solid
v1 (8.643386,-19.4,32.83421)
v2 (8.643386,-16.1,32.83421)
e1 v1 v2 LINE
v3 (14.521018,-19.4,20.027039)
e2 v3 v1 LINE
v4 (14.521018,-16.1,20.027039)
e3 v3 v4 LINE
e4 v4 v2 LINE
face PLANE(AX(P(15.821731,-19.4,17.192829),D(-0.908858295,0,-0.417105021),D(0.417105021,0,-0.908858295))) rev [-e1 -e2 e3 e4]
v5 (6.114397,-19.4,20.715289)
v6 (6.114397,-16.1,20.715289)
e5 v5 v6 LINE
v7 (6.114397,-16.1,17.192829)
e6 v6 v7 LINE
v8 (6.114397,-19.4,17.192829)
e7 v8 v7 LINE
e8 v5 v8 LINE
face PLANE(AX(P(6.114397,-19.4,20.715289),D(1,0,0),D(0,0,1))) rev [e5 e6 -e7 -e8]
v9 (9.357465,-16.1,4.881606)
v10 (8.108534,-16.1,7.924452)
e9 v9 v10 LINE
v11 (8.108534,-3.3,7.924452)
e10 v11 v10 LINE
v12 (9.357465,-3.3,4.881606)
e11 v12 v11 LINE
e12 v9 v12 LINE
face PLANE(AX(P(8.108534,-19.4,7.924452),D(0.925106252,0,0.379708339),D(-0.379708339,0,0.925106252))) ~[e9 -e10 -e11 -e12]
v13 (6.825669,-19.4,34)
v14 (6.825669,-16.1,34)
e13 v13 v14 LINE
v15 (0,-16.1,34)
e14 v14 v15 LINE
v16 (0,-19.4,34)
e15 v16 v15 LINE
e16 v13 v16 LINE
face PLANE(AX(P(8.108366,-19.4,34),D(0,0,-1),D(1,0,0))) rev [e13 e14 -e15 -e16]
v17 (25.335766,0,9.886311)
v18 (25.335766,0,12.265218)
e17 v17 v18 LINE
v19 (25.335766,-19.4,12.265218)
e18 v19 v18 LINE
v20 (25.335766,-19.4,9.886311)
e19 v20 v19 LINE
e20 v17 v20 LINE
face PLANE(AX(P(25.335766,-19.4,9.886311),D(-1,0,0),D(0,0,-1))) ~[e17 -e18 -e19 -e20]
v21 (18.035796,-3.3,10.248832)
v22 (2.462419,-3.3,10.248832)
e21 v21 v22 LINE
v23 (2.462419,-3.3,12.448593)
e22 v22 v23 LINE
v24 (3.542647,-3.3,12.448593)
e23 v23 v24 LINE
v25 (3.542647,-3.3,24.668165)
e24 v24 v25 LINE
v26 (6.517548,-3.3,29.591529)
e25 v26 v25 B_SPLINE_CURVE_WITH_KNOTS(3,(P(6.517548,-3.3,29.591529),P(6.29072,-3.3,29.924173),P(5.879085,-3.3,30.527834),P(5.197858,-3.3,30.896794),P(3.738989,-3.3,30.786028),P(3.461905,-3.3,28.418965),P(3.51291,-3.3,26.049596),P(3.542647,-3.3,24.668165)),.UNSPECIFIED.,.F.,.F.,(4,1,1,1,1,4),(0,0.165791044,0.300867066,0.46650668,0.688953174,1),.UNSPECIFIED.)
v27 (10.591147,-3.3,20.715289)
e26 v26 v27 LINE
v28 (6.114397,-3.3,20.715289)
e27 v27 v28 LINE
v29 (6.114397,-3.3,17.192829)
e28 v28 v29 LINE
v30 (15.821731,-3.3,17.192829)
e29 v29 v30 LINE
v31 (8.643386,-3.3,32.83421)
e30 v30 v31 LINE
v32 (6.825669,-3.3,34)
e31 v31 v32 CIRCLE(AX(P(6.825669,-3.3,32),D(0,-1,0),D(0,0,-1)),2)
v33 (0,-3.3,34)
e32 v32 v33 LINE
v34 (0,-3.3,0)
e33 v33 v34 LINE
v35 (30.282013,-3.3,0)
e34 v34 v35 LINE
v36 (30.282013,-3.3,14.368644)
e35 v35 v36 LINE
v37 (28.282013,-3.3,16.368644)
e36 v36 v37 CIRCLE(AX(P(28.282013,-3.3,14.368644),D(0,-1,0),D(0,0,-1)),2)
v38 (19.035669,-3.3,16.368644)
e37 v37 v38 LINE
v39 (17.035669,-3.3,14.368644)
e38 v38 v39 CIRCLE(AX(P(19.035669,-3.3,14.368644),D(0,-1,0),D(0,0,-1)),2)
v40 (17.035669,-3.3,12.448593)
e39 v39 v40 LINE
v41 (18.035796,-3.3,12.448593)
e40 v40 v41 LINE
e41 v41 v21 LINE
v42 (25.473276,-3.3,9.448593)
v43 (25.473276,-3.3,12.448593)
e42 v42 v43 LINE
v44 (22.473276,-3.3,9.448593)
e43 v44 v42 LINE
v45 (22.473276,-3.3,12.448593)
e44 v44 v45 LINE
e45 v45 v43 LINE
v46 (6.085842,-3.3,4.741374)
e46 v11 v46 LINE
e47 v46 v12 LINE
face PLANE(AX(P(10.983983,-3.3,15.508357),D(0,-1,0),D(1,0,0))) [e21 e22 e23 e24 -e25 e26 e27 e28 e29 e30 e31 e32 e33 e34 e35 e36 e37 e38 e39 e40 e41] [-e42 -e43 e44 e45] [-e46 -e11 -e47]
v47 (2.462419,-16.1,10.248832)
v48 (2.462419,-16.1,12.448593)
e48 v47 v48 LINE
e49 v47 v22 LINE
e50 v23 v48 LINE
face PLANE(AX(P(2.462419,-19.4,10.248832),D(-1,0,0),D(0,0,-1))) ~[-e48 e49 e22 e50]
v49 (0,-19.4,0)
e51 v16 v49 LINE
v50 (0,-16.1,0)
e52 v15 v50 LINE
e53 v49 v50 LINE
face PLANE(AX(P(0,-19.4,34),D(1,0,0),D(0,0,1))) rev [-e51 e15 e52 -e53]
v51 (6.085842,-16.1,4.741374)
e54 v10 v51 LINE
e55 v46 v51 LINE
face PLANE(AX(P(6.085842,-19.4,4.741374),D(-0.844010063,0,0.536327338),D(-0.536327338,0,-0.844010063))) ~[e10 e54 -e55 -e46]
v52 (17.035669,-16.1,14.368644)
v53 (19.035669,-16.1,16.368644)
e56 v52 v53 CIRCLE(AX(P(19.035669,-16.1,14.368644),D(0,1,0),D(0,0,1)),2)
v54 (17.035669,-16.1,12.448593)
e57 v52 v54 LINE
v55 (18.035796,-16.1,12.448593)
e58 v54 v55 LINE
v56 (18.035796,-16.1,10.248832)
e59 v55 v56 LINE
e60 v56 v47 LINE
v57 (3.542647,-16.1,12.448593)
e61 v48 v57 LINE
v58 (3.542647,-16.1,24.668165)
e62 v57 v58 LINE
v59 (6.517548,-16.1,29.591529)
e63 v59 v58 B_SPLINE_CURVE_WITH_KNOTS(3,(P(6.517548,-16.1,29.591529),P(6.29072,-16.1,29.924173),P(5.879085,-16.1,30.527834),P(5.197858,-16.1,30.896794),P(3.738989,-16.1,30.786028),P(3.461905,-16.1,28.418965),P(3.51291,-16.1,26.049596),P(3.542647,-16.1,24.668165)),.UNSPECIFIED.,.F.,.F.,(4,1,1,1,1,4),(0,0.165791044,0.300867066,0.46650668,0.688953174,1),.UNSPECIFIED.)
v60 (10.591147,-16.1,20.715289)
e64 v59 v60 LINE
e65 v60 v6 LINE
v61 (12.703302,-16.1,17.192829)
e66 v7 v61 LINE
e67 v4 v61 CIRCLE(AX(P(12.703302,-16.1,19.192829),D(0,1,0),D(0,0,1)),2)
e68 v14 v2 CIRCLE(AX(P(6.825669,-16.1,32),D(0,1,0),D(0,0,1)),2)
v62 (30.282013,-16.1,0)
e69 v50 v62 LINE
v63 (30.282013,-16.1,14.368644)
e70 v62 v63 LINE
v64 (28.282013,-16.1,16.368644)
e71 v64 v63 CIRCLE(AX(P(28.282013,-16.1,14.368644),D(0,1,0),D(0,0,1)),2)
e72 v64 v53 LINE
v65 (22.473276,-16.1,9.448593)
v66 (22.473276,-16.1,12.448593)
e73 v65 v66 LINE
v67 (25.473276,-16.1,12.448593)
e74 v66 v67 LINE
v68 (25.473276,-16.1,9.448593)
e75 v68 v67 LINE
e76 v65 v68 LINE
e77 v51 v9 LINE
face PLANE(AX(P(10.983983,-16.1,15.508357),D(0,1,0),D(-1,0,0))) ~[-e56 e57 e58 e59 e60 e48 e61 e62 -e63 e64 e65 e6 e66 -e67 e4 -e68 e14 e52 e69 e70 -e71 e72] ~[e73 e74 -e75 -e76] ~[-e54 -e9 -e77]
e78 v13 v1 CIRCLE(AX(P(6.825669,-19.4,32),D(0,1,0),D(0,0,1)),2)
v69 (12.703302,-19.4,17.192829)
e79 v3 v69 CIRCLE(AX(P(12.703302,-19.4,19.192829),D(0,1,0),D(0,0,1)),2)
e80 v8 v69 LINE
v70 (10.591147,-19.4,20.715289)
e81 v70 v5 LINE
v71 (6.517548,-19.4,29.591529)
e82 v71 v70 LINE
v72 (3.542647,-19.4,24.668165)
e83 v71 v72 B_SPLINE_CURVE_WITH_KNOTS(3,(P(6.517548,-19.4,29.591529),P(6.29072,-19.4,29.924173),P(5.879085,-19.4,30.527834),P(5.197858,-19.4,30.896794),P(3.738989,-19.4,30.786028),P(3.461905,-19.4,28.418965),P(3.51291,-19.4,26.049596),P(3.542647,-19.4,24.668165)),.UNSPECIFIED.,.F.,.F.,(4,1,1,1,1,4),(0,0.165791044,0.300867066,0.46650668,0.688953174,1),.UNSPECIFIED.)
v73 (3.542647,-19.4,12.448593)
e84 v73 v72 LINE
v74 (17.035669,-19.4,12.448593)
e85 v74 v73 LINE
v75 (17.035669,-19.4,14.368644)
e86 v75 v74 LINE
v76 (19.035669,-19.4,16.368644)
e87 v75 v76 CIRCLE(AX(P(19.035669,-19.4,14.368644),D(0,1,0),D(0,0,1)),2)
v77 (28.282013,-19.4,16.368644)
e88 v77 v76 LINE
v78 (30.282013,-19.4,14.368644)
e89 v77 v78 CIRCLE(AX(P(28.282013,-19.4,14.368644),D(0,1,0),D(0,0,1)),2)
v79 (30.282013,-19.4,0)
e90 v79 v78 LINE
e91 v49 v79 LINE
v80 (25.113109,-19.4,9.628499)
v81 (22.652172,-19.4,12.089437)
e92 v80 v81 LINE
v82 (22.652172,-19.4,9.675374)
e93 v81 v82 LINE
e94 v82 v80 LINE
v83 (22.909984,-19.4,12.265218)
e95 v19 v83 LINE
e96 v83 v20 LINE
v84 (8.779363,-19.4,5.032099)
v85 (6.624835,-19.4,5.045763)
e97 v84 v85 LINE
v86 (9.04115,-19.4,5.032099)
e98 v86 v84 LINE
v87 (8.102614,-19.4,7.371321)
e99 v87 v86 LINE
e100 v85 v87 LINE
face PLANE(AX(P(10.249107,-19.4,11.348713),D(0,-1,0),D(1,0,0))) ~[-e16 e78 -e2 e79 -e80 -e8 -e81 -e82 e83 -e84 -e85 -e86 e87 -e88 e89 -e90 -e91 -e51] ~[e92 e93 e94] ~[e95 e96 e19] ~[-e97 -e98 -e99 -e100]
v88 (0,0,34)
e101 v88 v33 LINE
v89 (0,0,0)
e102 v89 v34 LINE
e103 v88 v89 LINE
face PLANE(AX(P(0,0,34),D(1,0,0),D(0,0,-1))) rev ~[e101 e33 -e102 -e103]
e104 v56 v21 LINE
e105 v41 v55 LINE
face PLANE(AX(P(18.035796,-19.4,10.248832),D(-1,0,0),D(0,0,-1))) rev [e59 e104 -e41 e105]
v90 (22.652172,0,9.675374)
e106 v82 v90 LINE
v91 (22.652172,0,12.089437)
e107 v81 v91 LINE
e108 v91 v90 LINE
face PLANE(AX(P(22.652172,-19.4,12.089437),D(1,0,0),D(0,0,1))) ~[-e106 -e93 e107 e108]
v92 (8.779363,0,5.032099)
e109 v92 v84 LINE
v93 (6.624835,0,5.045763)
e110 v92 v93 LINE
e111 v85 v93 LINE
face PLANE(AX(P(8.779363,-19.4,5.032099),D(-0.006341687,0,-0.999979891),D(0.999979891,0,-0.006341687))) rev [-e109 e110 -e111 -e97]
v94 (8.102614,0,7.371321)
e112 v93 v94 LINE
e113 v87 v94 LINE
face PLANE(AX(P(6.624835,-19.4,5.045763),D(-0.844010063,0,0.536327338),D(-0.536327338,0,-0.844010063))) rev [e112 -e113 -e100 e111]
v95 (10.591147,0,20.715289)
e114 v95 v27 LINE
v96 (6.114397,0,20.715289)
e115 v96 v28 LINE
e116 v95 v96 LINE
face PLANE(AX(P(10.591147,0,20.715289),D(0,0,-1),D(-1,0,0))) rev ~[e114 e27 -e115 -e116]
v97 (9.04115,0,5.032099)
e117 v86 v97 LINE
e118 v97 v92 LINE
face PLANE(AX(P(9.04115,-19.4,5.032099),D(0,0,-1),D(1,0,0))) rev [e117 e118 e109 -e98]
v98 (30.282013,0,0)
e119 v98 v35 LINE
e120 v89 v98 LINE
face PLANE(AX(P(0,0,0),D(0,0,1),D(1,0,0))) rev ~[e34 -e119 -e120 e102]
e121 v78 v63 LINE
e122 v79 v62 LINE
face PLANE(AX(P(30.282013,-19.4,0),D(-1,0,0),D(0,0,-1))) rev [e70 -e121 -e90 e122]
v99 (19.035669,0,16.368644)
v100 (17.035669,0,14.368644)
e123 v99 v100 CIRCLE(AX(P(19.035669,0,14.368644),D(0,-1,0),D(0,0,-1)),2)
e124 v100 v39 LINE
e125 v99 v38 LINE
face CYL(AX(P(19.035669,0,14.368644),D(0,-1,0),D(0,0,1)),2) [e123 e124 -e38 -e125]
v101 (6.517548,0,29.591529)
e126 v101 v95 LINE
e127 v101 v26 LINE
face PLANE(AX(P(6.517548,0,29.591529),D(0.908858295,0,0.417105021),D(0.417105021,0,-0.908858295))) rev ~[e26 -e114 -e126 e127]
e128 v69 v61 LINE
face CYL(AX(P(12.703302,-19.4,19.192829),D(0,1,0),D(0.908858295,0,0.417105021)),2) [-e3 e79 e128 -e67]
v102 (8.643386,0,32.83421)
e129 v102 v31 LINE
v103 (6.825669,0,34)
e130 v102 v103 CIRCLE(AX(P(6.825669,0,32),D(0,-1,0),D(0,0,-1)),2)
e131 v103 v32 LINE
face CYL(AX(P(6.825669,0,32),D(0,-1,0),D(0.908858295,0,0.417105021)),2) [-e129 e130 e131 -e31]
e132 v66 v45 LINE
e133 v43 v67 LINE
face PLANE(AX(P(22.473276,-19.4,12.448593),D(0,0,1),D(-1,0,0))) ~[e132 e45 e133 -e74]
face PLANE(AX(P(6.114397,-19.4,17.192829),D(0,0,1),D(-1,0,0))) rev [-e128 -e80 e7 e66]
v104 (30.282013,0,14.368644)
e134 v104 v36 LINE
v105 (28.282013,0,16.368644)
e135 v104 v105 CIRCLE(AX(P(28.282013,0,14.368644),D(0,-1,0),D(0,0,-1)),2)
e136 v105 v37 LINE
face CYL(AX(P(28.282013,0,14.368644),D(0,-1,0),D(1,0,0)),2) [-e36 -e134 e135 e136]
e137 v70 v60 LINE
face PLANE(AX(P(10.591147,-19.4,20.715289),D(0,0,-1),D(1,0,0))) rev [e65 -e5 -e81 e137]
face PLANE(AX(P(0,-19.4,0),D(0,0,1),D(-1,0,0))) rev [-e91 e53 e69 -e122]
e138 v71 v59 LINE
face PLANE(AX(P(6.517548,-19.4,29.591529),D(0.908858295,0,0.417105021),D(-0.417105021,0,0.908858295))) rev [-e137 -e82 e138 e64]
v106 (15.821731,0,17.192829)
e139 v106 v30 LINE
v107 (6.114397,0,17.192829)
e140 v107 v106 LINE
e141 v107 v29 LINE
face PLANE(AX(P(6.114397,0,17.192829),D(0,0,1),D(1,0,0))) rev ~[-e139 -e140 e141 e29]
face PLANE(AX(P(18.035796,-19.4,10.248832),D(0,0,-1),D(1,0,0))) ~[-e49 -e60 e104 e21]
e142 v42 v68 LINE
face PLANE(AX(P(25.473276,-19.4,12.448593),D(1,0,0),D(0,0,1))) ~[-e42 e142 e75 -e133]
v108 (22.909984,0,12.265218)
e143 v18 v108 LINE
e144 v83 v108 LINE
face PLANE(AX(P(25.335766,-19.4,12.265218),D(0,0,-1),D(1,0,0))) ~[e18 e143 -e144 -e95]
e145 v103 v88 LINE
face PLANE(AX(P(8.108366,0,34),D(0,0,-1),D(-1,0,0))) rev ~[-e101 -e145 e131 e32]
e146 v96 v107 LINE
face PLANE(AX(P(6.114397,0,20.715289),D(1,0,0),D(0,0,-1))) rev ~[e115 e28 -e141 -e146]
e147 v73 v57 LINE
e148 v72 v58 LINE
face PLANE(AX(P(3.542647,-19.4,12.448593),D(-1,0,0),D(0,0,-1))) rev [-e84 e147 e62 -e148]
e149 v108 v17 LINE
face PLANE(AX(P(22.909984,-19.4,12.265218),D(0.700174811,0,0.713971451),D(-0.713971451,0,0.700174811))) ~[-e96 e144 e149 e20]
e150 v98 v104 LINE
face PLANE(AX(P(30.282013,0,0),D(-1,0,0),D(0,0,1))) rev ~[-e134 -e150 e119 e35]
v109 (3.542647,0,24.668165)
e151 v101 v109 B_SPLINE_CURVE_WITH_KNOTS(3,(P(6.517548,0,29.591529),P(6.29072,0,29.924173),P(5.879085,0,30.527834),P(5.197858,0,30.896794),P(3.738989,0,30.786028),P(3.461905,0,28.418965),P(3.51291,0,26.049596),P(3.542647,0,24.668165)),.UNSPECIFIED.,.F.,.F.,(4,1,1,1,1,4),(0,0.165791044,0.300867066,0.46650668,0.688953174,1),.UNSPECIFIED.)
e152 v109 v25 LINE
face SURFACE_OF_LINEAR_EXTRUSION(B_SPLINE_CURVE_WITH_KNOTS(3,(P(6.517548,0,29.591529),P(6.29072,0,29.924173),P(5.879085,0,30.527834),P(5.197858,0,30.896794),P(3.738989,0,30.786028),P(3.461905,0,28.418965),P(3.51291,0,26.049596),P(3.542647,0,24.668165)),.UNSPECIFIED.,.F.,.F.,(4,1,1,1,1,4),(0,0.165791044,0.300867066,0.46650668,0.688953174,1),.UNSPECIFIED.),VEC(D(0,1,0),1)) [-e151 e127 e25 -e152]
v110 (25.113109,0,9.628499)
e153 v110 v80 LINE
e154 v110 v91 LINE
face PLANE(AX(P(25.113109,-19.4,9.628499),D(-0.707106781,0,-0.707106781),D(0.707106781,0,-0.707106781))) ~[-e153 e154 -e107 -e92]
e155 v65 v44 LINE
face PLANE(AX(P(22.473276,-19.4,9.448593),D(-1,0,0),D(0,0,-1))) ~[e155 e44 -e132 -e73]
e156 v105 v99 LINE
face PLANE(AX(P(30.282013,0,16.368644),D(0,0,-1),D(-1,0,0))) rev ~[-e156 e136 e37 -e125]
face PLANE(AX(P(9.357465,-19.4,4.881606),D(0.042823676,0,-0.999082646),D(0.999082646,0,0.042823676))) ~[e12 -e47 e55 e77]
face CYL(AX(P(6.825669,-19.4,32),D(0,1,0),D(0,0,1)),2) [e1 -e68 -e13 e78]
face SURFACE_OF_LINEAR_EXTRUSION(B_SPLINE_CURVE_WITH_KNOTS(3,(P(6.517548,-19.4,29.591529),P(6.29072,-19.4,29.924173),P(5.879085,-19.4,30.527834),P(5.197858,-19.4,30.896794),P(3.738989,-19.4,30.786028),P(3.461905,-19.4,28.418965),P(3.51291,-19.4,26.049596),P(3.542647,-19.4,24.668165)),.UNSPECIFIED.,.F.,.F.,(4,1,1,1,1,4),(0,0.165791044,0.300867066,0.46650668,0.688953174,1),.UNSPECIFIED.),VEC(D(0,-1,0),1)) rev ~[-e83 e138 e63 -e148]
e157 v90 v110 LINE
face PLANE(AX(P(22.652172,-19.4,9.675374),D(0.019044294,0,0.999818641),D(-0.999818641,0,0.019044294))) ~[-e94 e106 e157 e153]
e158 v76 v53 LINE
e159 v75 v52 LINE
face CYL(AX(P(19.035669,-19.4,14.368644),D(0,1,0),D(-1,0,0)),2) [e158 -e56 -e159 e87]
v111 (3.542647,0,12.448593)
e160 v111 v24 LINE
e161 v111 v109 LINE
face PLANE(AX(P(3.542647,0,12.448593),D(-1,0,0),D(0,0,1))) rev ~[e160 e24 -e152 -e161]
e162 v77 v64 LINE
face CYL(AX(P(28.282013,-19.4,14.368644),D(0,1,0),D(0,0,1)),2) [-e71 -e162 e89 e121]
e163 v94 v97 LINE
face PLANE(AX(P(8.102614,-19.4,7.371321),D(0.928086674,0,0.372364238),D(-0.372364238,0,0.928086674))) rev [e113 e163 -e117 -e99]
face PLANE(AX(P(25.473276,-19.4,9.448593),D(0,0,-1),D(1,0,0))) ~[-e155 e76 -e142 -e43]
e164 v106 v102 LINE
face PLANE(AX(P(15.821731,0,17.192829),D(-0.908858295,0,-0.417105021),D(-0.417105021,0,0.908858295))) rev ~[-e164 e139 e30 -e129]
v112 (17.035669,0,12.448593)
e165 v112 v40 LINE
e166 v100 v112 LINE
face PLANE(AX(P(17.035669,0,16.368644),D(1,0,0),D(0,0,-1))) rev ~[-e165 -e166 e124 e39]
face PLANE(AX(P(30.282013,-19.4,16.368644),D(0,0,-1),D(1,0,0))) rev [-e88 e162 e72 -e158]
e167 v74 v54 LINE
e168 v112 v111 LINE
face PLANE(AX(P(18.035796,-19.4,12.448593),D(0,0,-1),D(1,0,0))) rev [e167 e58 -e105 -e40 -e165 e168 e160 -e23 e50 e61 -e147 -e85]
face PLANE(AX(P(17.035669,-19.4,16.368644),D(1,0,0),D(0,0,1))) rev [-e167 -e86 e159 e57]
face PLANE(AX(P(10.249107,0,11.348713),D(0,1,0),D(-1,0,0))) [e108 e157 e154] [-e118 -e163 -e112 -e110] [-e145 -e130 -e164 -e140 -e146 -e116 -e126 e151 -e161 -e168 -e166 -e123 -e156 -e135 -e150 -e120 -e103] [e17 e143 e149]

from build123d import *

# Parameters (mm, degrees)
F0_W     = 3
F0_H     = 3
F1_DEPTH = 3.3
F3_DEPTH = 9.7
F4_DEPTH = 25
F5_W     = 15.5733765569
F5_H     = 2.1997606382
F6_DEPTH = 9.7
F8_R     = 2


with BuildPart() as f1:
    # F0 (on Front) → F1 (new body)
    with BuildSketch(Plane.XZ):
        with BuildLine():
            Line((0, 34), (0, 0))
            Line((0, 0), (30.2820131183, 0))
            Line((30.2820131183, 0), (30.2820131183, 16.368644312))
            Line((30.2820131183, 16.368644312), (17.0356687158, 16.368644312))
            Line((17.0356687158, 16.368644312), (17.0356687158, 12.4485930428))
            Line((17.0356687158, 12.4485930428), (18.0357955396, 12.4485930428))
            Line((18.0357955396, 12.4485930428), (18.0357955396, 10.2488324046))
            Line((18.0357955396, 10.2488324046), (2.4624189828, 10.2488324046))
            Line((2.4624189828, 10.2488324046), (2.4624189828, 12.4485930428))
            Line((2.4624189828, 12.4485930428), (3.5426469985, 12.4485930428))
            Line((3.5426469985, 12.4485930428), (3.5426469985, 24.6681645513))
            add(Edge.make_bspline(
                [(6.5175484558, 29.5915287649), (6.2907197581, 29.9241725963), (5.8790854313, 30.5278335133), (5.1978575268, 30.8967943754), (3.7389888493, 30.7860278706), (3.4619052088, 28.4189645391), (3.5129095402, 26.0495961355), (3.5426469985, 24.6681645513)],
                knots=[0, 0, 0, 0, 0.1657910439, 0.3008670659, 0.4665066802, 0.6889531738, 1, 1, 1, 1], degree=3))
            Line((6.5175484558, 29.5915287649), (10.5911474675, 20.7152888179))
            Line((10.5911474675, 20.7152888179), (6.1143967323, 20.7152888179))
            Line((6.1143967323, 20.7152888179), (6.1143967323, 17.1928294003))
            Line((6.1143967323, 17.1928294003), (15.821730718, 17.1928294003))
            Line((15.821730718, 17.1928294003), (8.1083662808, 34))
            Line((8.1083662808, 34), (0, 34))
        make_face()
        with Locations((23.9732756615, 10.9485930428)):
            Rectangle(F0_W, F0_H, mode=Mode.SUBTRACT)
    extrude(amount=F1_DEPTH)

    # F2 (on face) → F3 (join)
    with BuildSketch(Plane(origin=(0, 0, 0), x_dir=(-1, 0, 0), z_dir=(0, 1, 0))):
        Polygon((-8.1085339189, 7.924452424), (-9.3574654311, 4.8816055059), (-6.0858423822, 4.7413739376), align=None)
        Polygon((-6.6248354992, 5.045762931), (-8.7793627754, 5.0320993178), (-9.0411501005, 5.0320993178), (-8.1026144326, 7.3713208549), align=None, mode=Mode.SUBTRACT)
        Polygon((-25.4732756615, 12.4485930428), (-25.4732756615, 9.4485930428), (-22.4732756615, 12.4485930428), align=None)
        Polygon((-22.9099839926, 12.2652184218), (-25.3357663751, 9.8863113672), (-25.3357663751, 12.2652184218), align=None, mode=Mode.SUBTRACT)
        Polygon((-22.4732756615, 12.4485930428), (-25.4732756615, 9.4485930428), (-22.4732756615, 9.4485930428), align=None)
        Polygon((-22.6521715522, 9.6753742546), (-25.1131094992, 9.6284989268), (-22.6521715522, 12.0894368738), align=None, mode=Mode.SUBTRACT)
    extrude(amount=-F3_DEPTH)

    # F2 (on face) → F4 (cut)
    with BuildSketch(Plane(origin=(0, 0, 0), x_dir=(-1, 0, 0), z_dir=(0, 1, 0))):
        Polygon((-9.0411501005, 5.0320993178), (-8.7793627754, 5.0320993178), (-6.6248354992, 5.045762931), (-8.1026144326, 7.3713208549), align=None)
    extrude(amount=-F4_DEPTH, mode=Mode.SUBTRACT)

    # F5 (on face) → F6 (join)
    with BuildSketch(Plane(origin=(0, 0, 0), x_dir=(-1, 0, 0), z_dir=(0, 1, 0))):
        with Locations((-10.2491072612, 11.3487127237)):
            Rectangle(F5_W, F5_H)
    extrude(amount=-F6_DEPTH)

    # F7: F1 across face


with BuildPart() as f1_1:
    add(f1.part)
    add(f1.part.mirror(Plane(origin=(10.2491072612, -9.7, 11.3487127237), x_dir=(-1, 0, 0), z_dir=(0, -1, 0))))

    # F8
    f8_edges = [f1_1.edges().sort_by_distance(p)[0] for p in [
        (30.282013, -17.75, 16.368644),
        (30.282013, -1.65, 16.368644),
        (8.108366, -17.75, 34),
        (8.108366, -1.65, 34),
        (15.821731, -17.75, 17.192829),
        (17.035669, -17.75, 16.368644),
        (17.035669, -1.65, 16.368644),
    ]]
    fillet(f8_edges, radius=F8_R)


solid = f1_1.part
